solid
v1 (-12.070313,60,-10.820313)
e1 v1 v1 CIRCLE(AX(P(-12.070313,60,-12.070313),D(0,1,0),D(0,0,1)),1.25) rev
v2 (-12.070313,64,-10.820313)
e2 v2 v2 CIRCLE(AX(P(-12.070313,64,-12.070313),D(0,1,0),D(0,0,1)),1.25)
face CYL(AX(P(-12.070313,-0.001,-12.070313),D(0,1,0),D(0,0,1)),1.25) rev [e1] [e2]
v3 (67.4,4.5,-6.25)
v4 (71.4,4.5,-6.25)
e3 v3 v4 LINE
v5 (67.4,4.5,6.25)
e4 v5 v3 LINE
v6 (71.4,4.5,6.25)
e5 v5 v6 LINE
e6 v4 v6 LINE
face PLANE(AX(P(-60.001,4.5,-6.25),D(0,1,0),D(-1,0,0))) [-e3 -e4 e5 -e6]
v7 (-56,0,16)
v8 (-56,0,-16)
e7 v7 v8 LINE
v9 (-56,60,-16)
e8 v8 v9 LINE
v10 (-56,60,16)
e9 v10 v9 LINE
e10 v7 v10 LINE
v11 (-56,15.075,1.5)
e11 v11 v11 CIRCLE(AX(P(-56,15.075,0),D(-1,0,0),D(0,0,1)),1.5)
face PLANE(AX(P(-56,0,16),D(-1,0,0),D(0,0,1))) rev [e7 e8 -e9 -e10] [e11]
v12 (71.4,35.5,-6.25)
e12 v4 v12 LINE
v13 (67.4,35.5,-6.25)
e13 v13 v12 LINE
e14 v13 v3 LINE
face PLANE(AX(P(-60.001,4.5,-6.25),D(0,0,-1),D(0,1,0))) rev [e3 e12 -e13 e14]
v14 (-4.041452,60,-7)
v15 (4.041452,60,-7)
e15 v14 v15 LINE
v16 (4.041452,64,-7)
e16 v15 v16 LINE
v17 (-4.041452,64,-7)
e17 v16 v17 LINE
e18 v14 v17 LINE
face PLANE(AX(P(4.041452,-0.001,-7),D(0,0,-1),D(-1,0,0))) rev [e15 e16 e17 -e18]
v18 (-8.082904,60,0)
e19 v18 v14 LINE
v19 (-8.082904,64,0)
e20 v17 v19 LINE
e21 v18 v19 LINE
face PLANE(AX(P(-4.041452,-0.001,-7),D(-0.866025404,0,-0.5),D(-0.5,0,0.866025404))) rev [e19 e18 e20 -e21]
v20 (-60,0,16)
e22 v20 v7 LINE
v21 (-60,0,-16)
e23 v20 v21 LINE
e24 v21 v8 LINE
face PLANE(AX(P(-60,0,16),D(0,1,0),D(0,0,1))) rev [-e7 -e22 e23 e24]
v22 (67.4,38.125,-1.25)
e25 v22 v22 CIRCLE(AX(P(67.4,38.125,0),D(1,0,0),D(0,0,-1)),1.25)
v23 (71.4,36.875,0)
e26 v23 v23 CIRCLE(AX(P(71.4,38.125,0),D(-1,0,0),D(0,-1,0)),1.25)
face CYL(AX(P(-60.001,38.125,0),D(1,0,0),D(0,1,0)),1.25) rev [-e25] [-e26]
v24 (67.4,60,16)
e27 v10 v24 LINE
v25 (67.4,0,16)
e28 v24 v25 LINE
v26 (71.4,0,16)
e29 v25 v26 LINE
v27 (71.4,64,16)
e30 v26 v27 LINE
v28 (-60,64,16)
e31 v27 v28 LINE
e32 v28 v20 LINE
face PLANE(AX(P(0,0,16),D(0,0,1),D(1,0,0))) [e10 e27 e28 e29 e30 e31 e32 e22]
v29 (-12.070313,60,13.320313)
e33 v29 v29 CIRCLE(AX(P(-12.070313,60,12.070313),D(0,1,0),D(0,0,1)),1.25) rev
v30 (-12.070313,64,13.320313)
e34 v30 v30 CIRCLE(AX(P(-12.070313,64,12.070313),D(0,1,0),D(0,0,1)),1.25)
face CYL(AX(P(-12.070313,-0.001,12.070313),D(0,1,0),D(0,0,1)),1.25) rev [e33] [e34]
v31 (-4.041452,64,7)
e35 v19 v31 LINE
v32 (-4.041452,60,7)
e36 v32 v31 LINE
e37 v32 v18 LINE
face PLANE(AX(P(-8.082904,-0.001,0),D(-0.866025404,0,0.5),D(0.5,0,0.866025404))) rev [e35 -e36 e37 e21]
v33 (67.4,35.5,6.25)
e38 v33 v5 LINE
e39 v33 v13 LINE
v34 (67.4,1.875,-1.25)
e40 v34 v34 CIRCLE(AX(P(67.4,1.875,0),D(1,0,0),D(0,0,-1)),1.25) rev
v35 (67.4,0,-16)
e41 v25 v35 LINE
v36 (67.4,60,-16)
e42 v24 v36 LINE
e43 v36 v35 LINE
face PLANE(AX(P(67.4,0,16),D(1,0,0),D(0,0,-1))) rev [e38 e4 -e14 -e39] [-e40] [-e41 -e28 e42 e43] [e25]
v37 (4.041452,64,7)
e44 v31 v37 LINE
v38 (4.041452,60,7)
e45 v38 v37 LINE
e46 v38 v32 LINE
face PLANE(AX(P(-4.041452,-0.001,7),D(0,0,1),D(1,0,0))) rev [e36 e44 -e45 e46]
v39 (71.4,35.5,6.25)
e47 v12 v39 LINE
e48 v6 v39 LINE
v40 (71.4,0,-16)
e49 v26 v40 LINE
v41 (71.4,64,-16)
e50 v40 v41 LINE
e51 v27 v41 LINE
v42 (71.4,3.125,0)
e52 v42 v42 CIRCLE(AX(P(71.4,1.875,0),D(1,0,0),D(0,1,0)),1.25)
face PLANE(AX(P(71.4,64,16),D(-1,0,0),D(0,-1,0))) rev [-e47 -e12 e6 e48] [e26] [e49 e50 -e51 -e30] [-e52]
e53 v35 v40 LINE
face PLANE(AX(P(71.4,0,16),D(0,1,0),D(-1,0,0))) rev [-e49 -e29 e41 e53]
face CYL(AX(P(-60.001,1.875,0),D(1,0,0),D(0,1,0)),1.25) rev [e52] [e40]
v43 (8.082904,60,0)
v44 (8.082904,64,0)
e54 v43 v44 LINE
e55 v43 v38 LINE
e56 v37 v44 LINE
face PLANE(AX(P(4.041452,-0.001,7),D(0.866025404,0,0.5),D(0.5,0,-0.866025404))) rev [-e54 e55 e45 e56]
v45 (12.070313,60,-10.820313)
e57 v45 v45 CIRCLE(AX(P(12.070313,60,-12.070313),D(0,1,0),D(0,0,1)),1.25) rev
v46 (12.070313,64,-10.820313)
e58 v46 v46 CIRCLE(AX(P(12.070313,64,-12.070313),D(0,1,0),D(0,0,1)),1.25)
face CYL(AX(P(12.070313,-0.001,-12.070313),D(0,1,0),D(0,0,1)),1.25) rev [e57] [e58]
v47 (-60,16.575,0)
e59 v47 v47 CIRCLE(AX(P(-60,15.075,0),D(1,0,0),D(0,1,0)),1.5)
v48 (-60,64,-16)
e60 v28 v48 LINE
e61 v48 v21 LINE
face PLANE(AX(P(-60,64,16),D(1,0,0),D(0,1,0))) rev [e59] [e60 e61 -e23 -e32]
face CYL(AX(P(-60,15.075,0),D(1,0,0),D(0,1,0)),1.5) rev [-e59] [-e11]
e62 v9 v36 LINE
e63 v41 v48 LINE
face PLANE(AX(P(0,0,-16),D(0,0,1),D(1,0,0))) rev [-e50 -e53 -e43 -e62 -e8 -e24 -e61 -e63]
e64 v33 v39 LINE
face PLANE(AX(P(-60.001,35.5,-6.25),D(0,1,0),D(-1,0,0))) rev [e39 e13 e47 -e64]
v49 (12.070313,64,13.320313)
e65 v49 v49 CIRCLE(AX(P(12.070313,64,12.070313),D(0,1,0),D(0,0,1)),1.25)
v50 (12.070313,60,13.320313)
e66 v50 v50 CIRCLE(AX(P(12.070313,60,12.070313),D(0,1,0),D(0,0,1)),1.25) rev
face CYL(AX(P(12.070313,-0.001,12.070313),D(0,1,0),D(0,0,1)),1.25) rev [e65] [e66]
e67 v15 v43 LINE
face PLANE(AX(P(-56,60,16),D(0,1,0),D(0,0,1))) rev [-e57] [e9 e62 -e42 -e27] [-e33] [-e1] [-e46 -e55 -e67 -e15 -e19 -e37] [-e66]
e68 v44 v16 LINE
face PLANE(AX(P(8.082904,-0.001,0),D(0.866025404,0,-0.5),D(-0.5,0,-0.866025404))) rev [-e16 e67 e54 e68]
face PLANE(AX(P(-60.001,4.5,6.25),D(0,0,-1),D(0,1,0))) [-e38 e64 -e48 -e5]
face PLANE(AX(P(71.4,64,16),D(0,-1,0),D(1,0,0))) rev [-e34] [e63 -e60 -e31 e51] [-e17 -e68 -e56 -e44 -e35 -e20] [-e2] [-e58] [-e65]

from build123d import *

# Parameters (mm, degrees)
BOSS_EXTRUDE1_DEPTH = 16
CUT_EXTRUDE2_REACH  = 149.03
SKETCH5_R           = 1.25
SKETCH5_W           = 12.5
SKETCH5_H           = 31
SKETCH5_3_R         = 1.5
CUT_EXTRUDE3_DEPTH  = 148.030473032
CUT_EXTRUDE1_REACH  = 99.211
SKETCH3_R           = 1.25


with BuildPart() as part:
    # Sketch1 → Boss-Extrude1 (new, symmetric)
    with BuildSketch(Plane.XY):
        Polygon((-56, 0), (-56, 60), (67.4, 60), (67.4, 0), (71.4, 0), (71.4, 64), (-60, 64), (-60, 0), align=None)
    extrude(amount=BOSS_EXTRUDE1_DEPTH, both=True)

    # Sketch5 → Cut-Extrude2 (cut, up to next)
    with BuildSketch(Plane(origin=(71.4, 0, 0), x_dir=(0, 0, -1), z_dir=(1, 0, 0)), mode=Mode.PRIVATE) as cut_extrude2_sk1:
        with Locations((0, 1.875)):
            Circle(SKETCH5_R)
    cut_extrude2_tool1 = extrude(cut_extrude2_sk1.sketch, amount=-CUT_EXTRUDE2_REACH, mode=Mode.PRIVATE) & part.part
    # Sketch5 → Cut-Extrude2 (cut, up to next)
    with BuildSketch(Plane(origin=(71.4, 0, 0), x_dir=(0, 0, -1), z_dir=(1, 0, 0)), mode=Mode.PRIVATE) as cut_extrude2_sk2:
        with Locations((0, 38.125)):
            Circle(SKETCH5_R)
    cut_extrude2_tool2 = extrude(cut_extrude2_sk2.sketch, amount=-CUT_EXTRUDE2_REACH, mode=Mode.PRIVATE) & part.part
    # Sketch5 → Cut-Extrude2 (cut, up to next)
    with BuildSketch(Plane(origin=(71.4, 0, 0), x_dir=(0, 0, -1), z_dir=(1, 0, 0)), mode=Mode.PRIVATE) as cut_extrude2_sk3:
        with Locations((0, 20)):
            Rectangle(SKETCH5_W, SKETCH5_H)
    cut_extrude2_tool3 = extrude(cut_extrude2_sk3.sketch, amount=-CUT_EXTRUDE2_REACH, mode=Mode.PRIVATE) & part.part
    add(cut_extrude2_tool1.solids().sort_by_distance((71.4, 1.875, 0))[0], mode=Mode.SUBTRACT)
    add(cut_extrude2_tool2.solids().sort_by_distance((71.4, 38.125, 0))[0], mode=Mode.SUBTRACT)
    add(cut_extrude2_tool3.solids().sort_by_distance((71.4, 20, 0))[0], mode=Mode.SUBTRACT)

    # Sketch5<3> → Cut-Extrude3 (cut, through all)
    with BuildSketch(Plane(origin=(71.4, 0, 0), x_dir=(0, 0, -1), z_dir=(1, 0, 0))):
        with Locations((0, 15.075)):
            Circle(SKETCH5_3_R)
    extrude(amount=-CUT_EXTRUDE3_DEPTH, mode=Mode.SUBTRACT)

    # Sketch3 → Cut-Extrude1 (cut, up to next)
    with BuildSketch(Plane(origin=(0, 64, 0), x_dir=(1, 0, 0), z_dir=(0, 1, 0)), mode=Mode.PRIVATE) as cut_extrude1_sk1:
        with Locations((-12.070312755, 12.070312755)):
            Circle(SKETCH3_R)
    cut_extrude1_tool1 = extrude(cut_extrude1_sk1.sketch, amount=-CUT_EXTRUDE1_REACH, mode=Mode.PRIVATE) & part.part
    # Sketch3 → Cut-Extrude1 (cut, up to next)
    with BuildSketch(Plane(origin=(0, 64, 0), x_dir=(1, 0, 0), z_dir=(0, 1, 0)), mode=Mode.PRIVATE) as cut_extrude1_sk2:
        with Locations((12.070312755, 12.070312755)):
            Circle(SKETCH3_R)
    cut_extrude1_tool2 = extrude(cut_extrude1_sk2.sketch, amount=-CUT_EXTRUDE1_REACH, mode=Mode.PRIVATE) & part.part
    # Sketch3 → Cut-Extrude1 (cut, up to next)
    with BuildSketch(Plane(origin=(0, 64, 0), x_dir=(1, 0, 0), z_dir=(0, 1, 0)), mode=Mode.PRIVATE) as cut_extrude1_sk3:
        with Locations((12.070312755, -12.070312755)):
            Circle(SKETCH3_R)
    cut_extrude1_tool3 = extrude(cut_extrude1_sk3.sketch, amount=-CUT_EXTRUDE1_REACH, mode=Mode.PRIVATE) & part.part
    # Sketch3 → Cut-Extrude1 (cut, up to next)
    with BuildSketch(Plane(origin=(0, 64, 0), x_dir=(1, 0, 0), z_dir=(0, 1, 0)), mode=Mode.PRIVATE) as cut_extrude1_sk4:
        with Locations((-12.070312755, -12.070312755)):
            Circle(SKETCH3_R)
    cut_extrude1_tool4 = extrude(cut_extrude1_sk4.sketch, amount=-CUT_EXTRUDE1_REACH, mode=Mode.PRIVATE) & part.part
    # Sketch3 → Cut-Extrude1 (cut, up to next)
    with BuildSketch(Plane(origin=(0, 64, 0), x_dir=(1, 0, 0), z_dir=(0, 1, 0)), mode=Mode.PRIVATE) as cut_extrude1_sk5:
        Polygon((4.041451884, -7), (8.082903769, 0), (4.041451884, 7), (-4.041451884, 7), (-8.082903769, 0), (-4.041451884, -7), align=None)
    cut_extrude1_tool5 = extrude(cut_extrude1_sk5.sketch, amount=-CUT_EXTRUDE1_REACH, mode=Mode.PRIVATE) & part.part
    add(cut_extrude1_tool1.solids().sort_by_distance((-12.070313, 64, -12.070313))[0], mode=Mode.SUBTRACT)
    add(cut_extrude1_tool2.solids().sort_by_distance((12.070313, 64, -12.070313))[0], mode=Mode.SUBTRACT)
    add(cut_extrude1_tool3.solids().sort_by_distance((12.070313, 64, 12.070313))[0], mode=Mode.SUBTRACT)
    add(cut_extrude1_tool4.solids().sort_by_distance((-12.070313, 64, 12.070313))[0], mode=Mode.SUBTRACT)
    add(cut_extrude1_tool5.solids().sort_by_distance((0, 64, 0))[0], mode=Mode.SUBTRACT)


solid = part.part
